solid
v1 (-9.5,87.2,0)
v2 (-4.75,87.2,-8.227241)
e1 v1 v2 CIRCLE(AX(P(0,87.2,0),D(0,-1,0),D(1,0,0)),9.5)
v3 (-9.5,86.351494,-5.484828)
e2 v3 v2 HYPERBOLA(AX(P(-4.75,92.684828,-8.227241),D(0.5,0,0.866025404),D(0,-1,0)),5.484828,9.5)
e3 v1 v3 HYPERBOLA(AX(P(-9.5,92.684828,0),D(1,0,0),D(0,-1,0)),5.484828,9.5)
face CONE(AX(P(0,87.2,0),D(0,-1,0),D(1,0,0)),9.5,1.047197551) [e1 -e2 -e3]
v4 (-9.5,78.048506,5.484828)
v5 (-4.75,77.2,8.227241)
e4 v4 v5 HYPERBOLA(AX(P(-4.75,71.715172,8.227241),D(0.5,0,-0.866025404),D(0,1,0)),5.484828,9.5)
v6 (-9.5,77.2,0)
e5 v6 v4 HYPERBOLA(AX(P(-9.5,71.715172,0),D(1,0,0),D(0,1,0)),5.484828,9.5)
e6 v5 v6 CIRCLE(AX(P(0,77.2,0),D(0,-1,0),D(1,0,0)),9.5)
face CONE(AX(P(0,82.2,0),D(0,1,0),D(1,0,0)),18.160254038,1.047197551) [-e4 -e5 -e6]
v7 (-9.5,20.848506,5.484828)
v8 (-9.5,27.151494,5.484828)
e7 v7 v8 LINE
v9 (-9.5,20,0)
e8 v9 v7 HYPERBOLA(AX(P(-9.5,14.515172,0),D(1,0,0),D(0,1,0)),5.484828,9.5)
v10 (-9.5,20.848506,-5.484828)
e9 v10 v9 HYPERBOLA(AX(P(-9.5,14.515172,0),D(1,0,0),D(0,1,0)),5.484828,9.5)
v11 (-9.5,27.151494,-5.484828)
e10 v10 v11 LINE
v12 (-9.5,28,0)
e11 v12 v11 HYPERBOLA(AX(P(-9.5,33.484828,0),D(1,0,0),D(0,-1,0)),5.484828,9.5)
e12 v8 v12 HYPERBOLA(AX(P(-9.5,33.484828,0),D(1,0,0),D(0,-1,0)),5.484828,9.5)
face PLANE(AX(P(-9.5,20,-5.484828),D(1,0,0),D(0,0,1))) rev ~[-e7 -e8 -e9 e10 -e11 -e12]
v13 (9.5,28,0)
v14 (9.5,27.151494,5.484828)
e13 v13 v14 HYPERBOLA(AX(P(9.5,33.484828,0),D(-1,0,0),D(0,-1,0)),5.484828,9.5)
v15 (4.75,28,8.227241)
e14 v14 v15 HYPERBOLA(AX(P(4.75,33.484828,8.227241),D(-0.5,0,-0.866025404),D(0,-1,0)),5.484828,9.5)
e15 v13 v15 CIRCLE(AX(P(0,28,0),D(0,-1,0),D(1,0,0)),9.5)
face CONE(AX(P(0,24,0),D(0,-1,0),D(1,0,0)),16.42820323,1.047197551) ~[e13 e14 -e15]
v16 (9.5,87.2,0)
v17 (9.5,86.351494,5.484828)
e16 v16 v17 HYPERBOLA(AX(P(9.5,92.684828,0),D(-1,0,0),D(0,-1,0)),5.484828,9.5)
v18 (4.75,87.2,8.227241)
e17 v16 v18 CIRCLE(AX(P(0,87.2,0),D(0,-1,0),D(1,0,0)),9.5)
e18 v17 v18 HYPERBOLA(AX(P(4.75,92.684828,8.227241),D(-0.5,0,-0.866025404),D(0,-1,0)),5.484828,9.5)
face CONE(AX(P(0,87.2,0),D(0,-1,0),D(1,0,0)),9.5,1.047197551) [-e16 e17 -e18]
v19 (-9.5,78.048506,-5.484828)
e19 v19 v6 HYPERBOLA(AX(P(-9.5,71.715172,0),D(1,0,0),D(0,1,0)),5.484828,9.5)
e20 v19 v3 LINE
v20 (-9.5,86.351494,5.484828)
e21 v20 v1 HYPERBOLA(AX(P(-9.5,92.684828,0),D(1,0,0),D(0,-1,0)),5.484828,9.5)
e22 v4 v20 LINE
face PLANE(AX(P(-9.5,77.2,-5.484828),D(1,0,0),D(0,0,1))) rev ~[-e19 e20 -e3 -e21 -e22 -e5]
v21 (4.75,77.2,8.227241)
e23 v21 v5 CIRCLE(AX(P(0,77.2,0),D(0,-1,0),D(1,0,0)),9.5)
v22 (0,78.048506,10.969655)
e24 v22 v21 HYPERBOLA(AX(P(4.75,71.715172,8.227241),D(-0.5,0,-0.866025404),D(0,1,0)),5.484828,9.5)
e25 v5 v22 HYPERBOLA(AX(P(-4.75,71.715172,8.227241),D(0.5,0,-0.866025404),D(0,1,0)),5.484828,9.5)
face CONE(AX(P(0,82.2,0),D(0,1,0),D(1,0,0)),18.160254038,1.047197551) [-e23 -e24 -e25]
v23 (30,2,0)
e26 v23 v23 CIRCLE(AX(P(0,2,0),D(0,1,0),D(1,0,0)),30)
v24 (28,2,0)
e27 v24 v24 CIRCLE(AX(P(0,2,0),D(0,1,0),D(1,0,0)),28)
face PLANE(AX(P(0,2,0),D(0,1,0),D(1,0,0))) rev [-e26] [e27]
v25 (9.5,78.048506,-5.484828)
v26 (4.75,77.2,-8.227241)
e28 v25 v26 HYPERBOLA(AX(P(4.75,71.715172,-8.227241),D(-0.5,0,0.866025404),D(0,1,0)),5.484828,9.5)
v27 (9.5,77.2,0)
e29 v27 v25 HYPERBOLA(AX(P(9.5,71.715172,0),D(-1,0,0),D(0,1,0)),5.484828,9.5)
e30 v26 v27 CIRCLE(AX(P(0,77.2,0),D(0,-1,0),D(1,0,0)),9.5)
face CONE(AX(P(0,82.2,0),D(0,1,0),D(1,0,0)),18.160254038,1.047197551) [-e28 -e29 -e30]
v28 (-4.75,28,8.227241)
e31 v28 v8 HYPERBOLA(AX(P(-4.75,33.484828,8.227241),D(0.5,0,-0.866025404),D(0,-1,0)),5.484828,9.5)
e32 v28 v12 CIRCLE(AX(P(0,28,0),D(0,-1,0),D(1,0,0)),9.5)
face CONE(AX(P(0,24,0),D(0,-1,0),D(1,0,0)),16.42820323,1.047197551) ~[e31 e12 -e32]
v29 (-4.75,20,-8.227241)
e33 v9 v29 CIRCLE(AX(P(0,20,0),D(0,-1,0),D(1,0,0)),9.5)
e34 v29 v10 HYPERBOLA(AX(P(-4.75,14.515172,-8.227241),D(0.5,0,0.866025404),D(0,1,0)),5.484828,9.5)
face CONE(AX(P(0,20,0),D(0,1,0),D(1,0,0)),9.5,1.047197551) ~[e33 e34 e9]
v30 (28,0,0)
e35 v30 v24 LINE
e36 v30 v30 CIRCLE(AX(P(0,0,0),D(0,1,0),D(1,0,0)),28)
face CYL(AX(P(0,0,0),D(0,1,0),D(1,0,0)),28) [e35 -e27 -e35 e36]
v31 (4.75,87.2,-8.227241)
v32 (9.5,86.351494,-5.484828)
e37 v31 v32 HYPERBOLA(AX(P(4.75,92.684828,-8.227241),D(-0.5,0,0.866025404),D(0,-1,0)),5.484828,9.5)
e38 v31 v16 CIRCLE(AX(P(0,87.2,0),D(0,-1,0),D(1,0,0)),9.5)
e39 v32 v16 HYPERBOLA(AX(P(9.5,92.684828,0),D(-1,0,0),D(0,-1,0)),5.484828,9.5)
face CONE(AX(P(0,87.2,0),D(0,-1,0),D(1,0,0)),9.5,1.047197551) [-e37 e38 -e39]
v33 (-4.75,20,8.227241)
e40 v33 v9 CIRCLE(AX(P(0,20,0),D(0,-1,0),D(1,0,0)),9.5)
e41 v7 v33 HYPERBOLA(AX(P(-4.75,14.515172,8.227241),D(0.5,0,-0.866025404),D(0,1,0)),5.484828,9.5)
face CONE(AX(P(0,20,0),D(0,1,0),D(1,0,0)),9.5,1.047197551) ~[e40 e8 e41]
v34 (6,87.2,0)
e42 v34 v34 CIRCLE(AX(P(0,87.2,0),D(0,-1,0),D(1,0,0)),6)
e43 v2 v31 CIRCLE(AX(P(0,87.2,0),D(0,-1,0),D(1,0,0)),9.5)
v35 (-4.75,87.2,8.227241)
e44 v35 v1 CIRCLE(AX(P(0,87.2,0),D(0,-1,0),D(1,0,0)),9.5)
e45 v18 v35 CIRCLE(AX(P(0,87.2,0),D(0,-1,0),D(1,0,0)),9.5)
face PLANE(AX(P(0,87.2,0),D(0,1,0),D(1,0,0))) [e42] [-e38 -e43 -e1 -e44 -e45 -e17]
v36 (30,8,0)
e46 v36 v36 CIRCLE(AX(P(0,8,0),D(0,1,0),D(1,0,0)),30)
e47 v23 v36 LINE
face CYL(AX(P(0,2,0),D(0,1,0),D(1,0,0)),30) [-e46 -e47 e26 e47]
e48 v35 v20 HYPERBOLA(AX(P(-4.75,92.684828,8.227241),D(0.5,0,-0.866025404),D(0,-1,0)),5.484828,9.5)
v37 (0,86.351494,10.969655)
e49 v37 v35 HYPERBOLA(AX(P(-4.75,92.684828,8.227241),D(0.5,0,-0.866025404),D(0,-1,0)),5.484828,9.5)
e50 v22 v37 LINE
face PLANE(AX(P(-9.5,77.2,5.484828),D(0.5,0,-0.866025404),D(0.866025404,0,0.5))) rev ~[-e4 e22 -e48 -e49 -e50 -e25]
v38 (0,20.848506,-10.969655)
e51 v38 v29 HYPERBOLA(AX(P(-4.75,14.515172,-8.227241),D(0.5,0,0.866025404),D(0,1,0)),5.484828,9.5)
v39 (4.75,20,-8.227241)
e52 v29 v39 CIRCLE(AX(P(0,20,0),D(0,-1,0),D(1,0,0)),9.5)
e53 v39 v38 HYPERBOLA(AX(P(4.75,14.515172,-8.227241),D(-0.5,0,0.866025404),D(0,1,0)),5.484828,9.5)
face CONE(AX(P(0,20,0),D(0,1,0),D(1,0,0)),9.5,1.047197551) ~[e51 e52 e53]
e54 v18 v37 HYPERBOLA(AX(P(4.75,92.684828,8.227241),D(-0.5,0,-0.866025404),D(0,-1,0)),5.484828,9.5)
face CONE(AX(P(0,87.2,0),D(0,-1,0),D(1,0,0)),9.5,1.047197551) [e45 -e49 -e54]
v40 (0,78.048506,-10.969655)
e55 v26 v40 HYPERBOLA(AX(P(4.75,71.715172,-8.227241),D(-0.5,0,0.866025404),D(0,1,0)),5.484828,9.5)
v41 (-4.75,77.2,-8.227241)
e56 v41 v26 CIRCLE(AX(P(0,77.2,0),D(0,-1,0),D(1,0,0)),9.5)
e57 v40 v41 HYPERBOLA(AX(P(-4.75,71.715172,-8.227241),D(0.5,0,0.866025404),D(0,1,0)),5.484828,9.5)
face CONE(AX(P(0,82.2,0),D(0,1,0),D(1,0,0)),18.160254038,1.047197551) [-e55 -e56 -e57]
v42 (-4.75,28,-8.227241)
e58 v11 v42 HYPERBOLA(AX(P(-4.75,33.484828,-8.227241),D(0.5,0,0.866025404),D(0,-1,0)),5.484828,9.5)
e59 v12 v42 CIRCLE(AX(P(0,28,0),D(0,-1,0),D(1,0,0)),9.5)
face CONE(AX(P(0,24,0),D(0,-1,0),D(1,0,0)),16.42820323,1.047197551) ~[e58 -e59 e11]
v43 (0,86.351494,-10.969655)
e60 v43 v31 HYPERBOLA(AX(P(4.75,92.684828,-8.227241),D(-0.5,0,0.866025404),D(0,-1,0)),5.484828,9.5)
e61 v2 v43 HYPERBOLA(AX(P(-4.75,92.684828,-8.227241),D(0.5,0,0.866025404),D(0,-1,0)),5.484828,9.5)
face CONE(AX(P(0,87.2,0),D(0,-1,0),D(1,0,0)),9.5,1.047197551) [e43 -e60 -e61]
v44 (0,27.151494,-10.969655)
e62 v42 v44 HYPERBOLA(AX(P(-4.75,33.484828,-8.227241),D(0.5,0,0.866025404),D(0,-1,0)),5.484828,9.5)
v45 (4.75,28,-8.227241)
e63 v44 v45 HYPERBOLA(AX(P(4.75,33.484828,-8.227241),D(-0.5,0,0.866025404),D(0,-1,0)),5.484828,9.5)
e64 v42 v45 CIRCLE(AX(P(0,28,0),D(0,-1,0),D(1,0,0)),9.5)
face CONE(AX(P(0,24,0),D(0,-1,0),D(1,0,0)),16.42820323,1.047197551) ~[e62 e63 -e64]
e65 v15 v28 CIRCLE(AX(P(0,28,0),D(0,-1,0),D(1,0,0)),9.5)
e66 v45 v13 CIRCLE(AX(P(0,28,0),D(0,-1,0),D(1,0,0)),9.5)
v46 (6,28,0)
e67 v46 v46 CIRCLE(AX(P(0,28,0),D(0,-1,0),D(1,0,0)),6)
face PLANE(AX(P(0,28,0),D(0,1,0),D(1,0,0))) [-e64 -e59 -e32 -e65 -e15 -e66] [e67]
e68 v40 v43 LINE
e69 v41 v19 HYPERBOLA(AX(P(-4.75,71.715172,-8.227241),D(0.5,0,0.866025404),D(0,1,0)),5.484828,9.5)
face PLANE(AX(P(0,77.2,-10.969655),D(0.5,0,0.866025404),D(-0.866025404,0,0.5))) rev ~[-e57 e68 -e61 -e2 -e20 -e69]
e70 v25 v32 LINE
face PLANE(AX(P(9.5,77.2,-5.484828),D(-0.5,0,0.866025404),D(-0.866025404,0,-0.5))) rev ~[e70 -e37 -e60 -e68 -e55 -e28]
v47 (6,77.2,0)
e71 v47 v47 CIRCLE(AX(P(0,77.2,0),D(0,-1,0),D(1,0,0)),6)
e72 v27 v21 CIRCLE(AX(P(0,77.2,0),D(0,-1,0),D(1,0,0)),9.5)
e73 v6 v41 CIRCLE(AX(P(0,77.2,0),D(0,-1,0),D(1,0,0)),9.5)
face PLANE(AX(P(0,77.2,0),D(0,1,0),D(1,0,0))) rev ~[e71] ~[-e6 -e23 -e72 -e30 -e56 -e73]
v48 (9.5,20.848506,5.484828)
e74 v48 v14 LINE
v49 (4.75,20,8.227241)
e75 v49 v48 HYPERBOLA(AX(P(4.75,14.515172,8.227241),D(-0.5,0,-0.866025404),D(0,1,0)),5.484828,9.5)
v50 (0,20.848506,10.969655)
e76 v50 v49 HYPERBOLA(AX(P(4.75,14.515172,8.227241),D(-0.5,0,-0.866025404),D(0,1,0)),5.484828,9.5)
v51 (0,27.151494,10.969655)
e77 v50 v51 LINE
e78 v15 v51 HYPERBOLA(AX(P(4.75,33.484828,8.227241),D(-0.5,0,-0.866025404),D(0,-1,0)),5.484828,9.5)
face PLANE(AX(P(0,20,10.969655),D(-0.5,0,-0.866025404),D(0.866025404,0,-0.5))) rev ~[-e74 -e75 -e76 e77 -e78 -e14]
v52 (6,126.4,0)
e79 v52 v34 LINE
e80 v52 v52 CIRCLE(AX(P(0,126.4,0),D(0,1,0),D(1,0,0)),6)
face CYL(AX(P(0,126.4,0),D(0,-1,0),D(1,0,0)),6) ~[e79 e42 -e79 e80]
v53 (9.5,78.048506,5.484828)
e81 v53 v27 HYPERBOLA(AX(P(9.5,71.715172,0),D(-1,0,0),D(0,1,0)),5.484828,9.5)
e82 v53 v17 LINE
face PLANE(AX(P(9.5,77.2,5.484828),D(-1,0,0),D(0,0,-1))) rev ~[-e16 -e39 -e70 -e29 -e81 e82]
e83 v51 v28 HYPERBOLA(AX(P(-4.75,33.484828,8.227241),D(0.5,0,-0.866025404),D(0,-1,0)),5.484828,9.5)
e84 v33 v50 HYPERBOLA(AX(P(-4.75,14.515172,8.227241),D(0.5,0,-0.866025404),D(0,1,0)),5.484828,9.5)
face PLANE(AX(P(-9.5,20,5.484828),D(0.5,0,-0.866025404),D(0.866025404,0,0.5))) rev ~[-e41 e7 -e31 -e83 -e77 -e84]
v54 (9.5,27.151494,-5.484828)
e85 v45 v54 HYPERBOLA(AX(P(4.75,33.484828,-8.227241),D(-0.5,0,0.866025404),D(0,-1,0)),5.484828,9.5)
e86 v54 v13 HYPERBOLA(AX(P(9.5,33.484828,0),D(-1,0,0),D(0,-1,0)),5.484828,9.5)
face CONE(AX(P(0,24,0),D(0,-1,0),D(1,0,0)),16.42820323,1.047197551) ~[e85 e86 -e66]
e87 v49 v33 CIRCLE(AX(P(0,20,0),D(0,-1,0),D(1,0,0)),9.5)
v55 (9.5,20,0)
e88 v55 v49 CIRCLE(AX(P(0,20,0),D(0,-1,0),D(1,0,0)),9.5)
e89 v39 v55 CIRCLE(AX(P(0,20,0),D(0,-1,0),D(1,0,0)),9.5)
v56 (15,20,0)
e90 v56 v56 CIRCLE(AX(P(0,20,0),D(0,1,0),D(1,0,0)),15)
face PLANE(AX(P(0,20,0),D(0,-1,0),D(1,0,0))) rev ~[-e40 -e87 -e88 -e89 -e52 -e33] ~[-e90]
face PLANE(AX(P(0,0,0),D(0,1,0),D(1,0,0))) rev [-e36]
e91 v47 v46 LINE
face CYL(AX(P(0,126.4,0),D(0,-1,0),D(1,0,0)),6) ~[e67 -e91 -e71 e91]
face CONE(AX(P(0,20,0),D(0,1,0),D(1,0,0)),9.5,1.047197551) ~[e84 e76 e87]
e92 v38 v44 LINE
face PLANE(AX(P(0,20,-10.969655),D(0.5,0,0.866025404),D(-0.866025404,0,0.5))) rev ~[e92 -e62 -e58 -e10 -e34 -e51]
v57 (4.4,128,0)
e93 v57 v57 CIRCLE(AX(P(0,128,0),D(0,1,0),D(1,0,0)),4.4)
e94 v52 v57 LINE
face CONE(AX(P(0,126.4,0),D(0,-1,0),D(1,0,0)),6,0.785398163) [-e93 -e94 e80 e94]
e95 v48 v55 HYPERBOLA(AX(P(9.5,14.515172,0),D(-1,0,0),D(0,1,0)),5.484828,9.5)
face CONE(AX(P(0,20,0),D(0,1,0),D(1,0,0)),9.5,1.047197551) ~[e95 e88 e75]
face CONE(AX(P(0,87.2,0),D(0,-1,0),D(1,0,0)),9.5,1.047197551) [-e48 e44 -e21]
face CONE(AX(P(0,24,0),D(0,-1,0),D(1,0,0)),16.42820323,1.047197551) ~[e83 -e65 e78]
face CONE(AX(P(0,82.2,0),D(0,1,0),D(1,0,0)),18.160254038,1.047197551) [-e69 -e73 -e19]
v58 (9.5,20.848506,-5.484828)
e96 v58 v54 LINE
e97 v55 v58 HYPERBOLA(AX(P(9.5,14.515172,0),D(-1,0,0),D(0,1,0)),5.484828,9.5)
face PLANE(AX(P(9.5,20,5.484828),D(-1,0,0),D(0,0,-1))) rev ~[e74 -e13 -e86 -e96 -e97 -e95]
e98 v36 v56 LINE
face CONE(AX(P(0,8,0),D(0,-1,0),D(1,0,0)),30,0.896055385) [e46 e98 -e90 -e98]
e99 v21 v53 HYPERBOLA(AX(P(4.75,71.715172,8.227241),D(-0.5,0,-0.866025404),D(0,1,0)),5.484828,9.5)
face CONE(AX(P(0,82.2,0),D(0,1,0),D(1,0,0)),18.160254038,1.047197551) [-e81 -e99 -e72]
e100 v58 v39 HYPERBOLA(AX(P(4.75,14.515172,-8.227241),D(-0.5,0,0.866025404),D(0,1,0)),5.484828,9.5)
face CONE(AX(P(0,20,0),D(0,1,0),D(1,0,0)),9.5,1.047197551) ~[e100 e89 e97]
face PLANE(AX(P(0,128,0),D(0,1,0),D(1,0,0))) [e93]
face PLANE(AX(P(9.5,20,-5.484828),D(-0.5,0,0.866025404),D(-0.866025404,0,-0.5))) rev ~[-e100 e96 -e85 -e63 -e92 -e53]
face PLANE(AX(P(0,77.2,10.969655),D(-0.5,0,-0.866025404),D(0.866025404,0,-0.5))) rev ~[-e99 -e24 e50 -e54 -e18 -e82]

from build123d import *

# Parameters (mm, degrees)
EXTRUDE_1_DEPTH = 8
EXTRUDE_2_DEPTH = 10


with BuildPart() as part:
    # Эскиз1 → Повернуть1 (revolve)
    with BuildSketch(Plane.XY, mode=Mode.PRIVATE) as revolve_1_sk:
        Polygon((0, 0), (-28, 0), (-28, 2), (-30, 2), (-30, 8), (-15, 20), (-6, 20), (-6, 28), (-6, 126.4), (-4.4, 128), (0, 128), align=None)
    revolve(revolve_1_sk.sketch.rotate(Axis((0, 0, 0), (0, 1, 0)), 180), axis=Axis((0, 0, 0), (0, 1, 0)))  # turned: the seam where the file's is

    # Эскиз2 → Бобышка-Вытянуть1 (add)
    with BuildSketch(Plane(origin=(0, 20, 0), x_dir=(1, 0, 0), z_dir=(0, 1, 0))):
        Polygon((0, 10.969655115), (-9.5, 5.484827557), (-9.5, -5.484827557), (0, -10.969655115), (9.5, -5.484827557), (9.5, 5.484827557), align=None)
    extrude(amount=EXTRUDE_1_DEPTH)

    # Эскиз3 → Бобышка-Вытянуть2 (add)
    with BuildSketch(Plane(origin=(0, 77.2, 0), x_dir=(1, 0, 0), z_dir=(0, 1, 0))):
        Polygon((9.5, 5.484827557), (0, 10.969655115), (-9.5, 5.484827557), (-9.5, -5.484827557), (0, -10.969655115), (9.5, -5.484827557), align=None)
    extrude(amount=EXTRUDE_2_DEPTH)

    # Эскиз4 → Вырез-Повернуть2 (revolve, cut)
    with BuildSketch(Plane.XY, mode=Mode.PRIVATE) as cut_revolve_2_sk:
        Polygon((-18.160254038, 87.2), (-9.5, 87.2), (-18.160254038, 82.2), align=None)
        Polygon((-18.160254038, 77.2), (-18.160254038, 82.2), (-9.5, 77.2), align=None)
        Polygon((-16.42820323, 28), (-16.42820323, 24), (-9.5, 28), align=None)
        Polygon((-16.42820323, 24), (-16.42820323, 20), (-9.5, 20), align=None)
    revolve(cut_revolve_2_sk.sketch.rotate(Axis((0, 128, 0), (0, -1, 0)), 180), axis=Axis((0, 128, 0), (0, -1, 0)), mode=Mode.SUBTRACT)  # turned: the seam where the file's is


solid = part.part
